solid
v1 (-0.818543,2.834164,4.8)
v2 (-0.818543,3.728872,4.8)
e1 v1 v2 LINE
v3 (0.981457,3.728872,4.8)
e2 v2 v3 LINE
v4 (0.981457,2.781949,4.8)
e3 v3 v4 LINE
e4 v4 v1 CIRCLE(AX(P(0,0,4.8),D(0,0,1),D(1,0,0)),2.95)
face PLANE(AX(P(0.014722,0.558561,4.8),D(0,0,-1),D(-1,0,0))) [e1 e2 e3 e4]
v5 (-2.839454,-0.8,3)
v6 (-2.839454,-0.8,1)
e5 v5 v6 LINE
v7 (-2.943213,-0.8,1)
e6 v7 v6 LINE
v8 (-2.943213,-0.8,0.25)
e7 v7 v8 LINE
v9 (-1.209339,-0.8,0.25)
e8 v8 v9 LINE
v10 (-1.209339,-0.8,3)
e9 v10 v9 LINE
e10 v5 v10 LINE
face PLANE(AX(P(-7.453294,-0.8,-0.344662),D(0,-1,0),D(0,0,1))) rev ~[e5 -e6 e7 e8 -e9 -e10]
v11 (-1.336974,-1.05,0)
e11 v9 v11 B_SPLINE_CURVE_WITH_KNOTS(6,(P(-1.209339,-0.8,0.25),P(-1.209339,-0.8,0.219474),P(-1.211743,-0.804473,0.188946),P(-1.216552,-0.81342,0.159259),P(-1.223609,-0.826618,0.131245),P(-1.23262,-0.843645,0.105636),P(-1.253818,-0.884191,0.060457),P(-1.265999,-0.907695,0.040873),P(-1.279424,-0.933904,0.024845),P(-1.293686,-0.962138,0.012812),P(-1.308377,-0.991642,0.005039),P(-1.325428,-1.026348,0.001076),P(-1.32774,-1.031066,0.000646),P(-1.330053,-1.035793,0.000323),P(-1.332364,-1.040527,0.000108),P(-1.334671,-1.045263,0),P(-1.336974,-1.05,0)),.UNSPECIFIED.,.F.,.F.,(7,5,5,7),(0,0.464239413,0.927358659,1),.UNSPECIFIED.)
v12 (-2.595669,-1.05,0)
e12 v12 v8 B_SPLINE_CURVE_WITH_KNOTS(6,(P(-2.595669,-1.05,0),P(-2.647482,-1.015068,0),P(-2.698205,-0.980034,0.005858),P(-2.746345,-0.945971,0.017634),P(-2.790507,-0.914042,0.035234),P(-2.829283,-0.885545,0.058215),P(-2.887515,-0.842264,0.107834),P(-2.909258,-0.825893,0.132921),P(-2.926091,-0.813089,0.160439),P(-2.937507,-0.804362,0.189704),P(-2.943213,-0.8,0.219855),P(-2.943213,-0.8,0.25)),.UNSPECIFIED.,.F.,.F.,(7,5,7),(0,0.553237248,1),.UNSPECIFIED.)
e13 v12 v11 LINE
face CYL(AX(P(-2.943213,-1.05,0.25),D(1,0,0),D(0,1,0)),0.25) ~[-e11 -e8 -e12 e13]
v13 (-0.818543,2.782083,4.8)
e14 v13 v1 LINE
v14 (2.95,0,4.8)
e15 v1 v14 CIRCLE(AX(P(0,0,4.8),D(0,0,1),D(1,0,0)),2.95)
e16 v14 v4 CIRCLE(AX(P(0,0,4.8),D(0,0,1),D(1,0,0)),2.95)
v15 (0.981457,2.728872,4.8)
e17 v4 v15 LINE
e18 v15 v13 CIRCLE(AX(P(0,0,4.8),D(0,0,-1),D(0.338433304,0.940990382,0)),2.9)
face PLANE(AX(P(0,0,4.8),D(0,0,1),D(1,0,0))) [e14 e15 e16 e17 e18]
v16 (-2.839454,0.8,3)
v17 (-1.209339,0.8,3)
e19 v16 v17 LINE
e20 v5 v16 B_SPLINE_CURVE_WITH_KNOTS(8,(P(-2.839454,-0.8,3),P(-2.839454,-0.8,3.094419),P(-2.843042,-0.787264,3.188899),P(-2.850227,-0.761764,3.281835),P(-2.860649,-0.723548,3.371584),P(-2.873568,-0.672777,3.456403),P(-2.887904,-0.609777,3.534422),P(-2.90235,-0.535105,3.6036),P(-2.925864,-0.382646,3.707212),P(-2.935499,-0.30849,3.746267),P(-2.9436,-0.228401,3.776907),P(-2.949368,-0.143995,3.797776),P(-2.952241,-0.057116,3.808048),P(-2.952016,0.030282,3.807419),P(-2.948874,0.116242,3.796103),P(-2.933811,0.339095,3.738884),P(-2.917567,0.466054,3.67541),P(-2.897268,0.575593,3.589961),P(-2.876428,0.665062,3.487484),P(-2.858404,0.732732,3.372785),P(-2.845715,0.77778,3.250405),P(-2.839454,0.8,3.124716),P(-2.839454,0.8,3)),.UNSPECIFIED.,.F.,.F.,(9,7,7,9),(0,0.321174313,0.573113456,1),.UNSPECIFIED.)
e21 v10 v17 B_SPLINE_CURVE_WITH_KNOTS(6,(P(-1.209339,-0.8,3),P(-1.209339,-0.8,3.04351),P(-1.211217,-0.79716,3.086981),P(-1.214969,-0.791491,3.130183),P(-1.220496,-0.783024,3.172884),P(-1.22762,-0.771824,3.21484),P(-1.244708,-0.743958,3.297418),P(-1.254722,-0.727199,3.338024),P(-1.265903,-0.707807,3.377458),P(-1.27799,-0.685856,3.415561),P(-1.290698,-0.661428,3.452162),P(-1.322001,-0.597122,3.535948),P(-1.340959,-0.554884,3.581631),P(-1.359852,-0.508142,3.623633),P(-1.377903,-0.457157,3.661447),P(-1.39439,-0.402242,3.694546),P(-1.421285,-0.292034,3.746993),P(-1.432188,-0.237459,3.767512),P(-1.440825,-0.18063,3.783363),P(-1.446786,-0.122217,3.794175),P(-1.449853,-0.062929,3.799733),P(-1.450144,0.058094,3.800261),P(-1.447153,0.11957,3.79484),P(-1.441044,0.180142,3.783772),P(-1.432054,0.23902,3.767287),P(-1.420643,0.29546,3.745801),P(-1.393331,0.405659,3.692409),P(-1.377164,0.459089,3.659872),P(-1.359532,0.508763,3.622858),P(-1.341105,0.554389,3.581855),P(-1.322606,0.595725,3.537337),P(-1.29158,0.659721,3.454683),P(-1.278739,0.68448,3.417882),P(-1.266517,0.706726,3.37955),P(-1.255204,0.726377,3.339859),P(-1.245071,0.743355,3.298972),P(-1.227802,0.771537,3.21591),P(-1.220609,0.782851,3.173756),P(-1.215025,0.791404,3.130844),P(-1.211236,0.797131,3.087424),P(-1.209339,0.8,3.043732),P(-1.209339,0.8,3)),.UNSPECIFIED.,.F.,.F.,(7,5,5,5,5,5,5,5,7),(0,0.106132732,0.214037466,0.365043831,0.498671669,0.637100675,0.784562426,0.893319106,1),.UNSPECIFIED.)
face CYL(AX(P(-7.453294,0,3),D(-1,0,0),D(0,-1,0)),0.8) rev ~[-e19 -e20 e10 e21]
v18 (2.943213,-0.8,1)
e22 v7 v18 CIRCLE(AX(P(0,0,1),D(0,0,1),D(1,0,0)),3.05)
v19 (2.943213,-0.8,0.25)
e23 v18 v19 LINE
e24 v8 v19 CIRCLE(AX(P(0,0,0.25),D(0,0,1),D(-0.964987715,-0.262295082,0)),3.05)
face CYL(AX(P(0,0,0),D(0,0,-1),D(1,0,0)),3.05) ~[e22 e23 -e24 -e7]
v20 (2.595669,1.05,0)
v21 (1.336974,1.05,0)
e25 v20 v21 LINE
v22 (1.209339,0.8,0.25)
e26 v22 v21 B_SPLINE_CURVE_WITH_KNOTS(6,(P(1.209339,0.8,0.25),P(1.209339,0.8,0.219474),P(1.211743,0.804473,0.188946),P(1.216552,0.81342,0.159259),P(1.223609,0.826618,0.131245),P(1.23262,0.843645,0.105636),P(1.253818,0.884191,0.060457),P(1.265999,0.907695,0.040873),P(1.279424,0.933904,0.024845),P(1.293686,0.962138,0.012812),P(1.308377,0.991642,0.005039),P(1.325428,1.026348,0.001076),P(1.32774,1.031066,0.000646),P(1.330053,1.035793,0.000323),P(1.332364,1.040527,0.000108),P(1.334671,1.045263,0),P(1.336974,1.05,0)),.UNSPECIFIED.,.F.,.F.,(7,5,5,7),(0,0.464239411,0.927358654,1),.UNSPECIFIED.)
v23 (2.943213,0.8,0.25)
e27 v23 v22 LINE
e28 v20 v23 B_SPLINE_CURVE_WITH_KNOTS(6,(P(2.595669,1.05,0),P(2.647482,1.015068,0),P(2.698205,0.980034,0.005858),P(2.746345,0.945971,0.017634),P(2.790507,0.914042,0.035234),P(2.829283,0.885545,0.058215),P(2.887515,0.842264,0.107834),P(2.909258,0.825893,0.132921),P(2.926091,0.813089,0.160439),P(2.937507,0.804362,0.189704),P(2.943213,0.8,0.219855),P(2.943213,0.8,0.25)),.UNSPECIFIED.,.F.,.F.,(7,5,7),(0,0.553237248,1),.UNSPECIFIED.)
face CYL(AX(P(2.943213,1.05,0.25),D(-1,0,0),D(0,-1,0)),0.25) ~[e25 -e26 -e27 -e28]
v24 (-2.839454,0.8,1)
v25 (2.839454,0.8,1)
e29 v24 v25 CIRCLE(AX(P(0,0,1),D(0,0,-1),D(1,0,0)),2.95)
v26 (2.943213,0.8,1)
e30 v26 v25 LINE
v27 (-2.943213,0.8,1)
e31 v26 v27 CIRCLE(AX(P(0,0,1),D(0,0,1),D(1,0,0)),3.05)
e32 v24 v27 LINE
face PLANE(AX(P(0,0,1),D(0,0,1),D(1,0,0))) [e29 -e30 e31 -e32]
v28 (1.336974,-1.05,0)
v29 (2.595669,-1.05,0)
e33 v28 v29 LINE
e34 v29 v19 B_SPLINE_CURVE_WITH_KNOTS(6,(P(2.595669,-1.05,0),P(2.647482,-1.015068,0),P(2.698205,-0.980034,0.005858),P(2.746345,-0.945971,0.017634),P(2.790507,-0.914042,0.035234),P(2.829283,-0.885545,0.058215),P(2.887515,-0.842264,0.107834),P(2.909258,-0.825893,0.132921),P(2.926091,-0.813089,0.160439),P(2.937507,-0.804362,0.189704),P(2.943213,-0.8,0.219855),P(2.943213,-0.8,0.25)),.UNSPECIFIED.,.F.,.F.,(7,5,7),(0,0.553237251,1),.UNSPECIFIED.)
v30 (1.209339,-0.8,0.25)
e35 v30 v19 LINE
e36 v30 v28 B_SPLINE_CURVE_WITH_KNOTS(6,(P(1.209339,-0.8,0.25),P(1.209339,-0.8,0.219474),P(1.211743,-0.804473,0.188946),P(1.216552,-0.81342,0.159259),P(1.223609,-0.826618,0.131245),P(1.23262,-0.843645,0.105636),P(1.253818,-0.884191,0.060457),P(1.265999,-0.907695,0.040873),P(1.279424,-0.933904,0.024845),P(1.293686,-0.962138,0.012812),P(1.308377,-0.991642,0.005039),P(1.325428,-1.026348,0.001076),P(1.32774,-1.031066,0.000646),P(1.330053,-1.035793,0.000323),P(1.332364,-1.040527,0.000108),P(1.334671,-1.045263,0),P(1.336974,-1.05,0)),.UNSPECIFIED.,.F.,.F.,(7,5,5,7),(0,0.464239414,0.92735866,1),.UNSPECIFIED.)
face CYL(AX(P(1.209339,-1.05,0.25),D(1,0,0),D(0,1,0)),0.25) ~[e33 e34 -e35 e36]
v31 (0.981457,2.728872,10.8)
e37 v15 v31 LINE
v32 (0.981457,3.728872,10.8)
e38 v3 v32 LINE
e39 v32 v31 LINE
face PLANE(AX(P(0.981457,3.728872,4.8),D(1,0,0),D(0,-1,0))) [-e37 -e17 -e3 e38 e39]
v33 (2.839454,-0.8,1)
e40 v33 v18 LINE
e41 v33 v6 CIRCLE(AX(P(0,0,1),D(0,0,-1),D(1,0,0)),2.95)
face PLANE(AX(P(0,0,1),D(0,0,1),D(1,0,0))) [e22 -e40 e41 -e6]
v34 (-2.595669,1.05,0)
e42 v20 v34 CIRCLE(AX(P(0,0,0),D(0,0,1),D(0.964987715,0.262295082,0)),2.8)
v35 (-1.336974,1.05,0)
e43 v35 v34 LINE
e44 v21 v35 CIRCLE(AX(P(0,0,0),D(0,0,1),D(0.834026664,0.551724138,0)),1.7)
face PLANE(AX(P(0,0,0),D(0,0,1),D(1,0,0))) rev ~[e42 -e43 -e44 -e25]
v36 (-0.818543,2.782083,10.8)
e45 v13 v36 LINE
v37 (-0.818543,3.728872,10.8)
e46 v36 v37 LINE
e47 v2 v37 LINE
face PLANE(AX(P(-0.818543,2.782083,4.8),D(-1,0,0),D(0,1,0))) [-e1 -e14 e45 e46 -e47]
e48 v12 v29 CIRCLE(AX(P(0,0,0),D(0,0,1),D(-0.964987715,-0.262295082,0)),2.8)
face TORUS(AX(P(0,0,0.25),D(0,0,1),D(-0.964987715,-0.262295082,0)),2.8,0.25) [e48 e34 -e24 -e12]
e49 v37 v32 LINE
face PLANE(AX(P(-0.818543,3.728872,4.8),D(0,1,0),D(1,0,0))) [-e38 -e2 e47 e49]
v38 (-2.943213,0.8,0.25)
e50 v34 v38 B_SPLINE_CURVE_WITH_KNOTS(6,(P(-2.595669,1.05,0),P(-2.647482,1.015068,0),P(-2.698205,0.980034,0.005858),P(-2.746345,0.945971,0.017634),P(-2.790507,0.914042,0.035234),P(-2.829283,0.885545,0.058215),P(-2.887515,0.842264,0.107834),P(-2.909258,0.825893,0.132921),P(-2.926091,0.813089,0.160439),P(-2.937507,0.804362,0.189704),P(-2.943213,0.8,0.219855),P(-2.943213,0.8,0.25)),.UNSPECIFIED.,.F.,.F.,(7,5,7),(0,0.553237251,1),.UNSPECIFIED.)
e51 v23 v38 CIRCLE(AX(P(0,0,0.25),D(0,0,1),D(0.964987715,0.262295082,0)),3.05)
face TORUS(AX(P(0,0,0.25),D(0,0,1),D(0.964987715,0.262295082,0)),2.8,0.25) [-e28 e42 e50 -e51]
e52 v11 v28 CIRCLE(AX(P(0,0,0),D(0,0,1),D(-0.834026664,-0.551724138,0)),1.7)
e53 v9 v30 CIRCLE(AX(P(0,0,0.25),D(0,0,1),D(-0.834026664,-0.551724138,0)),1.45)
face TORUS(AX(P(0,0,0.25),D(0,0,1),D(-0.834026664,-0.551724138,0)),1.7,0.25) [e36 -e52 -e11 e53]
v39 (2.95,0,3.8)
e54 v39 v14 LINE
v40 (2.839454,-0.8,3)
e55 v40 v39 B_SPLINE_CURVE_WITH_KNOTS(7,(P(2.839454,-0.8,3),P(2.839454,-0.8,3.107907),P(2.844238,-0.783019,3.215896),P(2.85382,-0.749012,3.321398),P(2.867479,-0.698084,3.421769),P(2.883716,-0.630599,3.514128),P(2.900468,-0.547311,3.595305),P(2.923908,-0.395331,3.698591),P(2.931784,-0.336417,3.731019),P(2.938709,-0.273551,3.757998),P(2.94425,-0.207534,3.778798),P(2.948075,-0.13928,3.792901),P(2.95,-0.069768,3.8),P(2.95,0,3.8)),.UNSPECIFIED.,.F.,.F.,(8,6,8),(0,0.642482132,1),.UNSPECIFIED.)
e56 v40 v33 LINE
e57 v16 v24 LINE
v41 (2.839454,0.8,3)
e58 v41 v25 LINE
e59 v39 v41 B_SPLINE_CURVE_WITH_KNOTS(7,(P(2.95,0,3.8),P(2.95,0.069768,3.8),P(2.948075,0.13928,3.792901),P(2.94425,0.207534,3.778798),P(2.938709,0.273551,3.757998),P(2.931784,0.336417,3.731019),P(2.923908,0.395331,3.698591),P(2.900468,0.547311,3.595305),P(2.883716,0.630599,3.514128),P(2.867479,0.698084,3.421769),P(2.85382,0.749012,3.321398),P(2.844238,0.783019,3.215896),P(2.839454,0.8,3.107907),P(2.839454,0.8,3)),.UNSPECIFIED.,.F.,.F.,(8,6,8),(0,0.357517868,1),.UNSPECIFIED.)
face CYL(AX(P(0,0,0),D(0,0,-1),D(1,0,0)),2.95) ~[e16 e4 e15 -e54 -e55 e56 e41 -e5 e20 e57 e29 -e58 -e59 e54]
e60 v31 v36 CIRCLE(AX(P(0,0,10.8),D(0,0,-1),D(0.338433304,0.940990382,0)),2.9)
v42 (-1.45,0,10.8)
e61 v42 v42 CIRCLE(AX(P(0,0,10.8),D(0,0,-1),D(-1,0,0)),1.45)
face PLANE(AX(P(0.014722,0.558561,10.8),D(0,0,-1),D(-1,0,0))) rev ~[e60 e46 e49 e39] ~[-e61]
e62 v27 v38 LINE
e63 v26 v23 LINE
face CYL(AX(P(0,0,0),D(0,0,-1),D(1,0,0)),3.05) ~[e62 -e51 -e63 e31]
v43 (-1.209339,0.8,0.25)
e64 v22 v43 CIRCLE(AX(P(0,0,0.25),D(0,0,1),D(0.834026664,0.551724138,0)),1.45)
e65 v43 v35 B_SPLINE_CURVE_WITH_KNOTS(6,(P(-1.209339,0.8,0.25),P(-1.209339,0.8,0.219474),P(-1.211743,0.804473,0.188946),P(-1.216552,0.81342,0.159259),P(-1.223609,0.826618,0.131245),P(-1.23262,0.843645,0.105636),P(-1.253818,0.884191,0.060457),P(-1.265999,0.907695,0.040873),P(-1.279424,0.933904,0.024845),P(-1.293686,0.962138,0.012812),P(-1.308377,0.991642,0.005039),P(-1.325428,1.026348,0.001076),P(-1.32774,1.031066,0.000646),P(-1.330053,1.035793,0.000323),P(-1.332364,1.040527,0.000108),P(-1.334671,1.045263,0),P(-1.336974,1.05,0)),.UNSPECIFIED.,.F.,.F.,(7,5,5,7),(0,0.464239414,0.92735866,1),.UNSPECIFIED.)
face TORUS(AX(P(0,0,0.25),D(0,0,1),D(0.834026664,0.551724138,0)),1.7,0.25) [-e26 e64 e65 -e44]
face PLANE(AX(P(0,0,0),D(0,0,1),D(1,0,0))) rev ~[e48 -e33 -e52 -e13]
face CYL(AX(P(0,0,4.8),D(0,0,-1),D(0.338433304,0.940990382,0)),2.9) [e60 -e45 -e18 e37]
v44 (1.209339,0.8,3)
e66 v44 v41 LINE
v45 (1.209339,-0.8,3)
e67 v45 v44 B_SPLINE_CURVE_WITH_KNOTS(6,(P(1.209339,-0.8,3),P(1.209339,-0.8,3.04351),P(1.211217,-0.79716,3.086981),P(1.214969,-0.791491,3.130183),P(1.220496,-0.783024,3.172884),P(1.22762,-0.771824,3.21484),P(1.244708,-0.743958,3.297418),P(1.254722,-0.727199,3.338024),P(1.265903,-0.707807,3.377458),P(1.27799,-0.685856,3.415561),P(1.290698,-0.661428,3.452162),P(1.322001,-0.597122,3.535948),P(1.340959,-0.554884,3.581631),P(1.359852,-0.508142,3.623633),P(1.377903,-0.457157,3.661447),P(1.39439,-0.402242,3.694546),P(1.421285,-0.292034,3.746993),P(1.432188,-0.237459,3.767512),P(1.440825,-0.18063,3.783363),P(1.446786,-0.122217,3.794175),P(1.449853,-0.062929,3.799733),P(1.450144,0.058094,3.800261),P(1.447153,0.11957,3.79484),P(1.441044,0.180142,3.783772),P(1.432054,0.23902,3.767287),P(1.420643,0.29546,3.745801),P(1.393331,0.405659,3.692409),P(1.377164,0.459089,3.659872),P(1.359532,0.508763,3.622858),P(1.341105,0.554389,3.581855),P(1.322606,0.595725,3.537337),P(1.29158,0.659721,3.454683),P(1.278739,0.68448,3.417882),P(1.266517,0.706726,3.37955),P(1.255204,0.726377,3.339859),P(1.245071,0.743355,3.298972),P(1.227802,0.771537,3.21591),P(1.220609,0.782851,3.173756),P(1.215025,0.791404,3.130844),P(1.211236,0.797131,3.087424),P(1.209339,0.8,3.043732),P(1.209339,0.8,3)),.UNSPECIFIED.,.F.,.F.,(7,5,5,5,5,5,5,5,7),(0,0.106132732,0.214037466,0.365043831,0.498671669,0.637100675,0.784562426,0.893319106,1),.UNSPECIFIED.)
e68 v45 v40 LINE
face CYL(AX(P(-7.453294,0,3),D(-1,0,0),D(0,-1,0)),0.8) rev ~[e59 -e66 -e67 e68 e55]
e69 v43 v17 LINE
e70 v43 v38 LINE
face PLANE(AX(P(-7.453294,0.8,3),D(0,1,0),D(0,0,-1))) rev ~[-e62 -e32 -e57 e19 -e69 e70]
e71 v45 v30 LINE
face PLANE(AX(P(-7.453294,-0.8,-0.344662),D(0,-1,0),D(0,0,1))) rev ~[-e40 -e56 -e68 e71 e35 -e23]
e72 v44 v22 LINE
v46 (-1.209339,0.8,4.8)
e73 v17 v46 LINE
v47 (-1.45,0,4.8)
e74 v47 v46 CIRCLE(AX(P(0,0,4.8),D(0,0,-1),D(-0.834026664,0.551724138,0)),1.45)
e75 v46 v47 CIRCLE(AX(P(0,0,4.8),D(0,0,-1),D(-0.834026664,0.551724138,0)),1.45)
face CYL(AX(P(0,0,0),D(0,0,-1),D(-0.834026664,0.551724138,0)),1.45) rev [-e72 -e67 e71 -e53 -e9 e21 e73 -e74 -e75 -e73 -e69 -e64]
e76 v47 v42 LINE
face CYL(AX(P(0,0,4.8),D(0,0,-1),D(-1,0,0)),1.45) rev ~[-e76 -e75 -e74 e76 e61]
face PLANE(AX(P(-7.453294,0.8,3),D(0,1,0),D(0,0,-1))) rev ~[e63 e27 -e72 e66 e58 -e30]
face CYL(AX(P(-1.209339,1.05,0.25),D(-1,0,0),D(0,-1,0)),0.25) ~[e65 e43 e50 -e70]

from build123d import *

# Parameters (mm, degrees)
SKETCH1_R               = 2.95
BOSS_EXTRUDE1_DEPTH     = 4.8
SKETCH10_R              = 3.05
BOSS_EXTRUDE2_DEPTH     = 1
CUT_EXTRUDE2_DEPTH      = 7.453293733
CUT_EXTRUDE2_DEPTH_BACK = 7.453293733
SKETCH1_4_R             = 1.45
CUT_EXTRUDE1_DEPTH      = 9
BOSS_EXTRUDE3_DEPTH     = 6
SKETCH12_R              = 1.45
CUT_EXTRUDE3_DEPTH      = 8.655520086
FILLET2_R               = 0.25


with BuildPart() as part:
    # Sketch1 → Boss-Extrude1 (new body)
    with BuildSketch(Plane(origin=(0, 0, 0), x_dir=(0, 1, 0), z_dir=(0, 0, 1))):
        with Locations(Location((0, 0, 0), (0, 0, 270))):
            Circle(SKETCH1_R)
    extrude(amount=BOSS_EXTRUDE1_DEPTH)

    # Sketch10 → Boss-Extrude2 (add)
    with BuildSketch(Plane(origin=(0, 0, 0), x_dir=(0, 1, 0), z_dir=(0, 0, 1))):
        with Locations(Location((0, 0, 0), (0, 0, 270))):
            Circle(SKETCH10_R)
    extrude(amount=BOSS_EXTRUDE2_DEPTH)

    # Sketch3 → Cut-Extrude2 (cut, two sides: drawn at the far end of the back side and taken through both)
    with BuildSketch(Plane.YZ.offset(-CUT_EXTRUDE2_DEPTH_BACK)):
        with BuildLine():
            Line((-0.8, -0.344662329), (-0.8, 3))
            ThreePointArc((-0.8, 3), (0, 3.8), (0.8, 3))
            Line((0.8, 3), (0.8, -0.344662329))
            ThreePointArc((0.8, -0.344662329), (0, -1.144662329), (-0.8, -0.344662329))
        make_face()
    extrude(amount=CUT_EXTRUDE2_DEPTH + CUT_EXTRUDE2_DEPTH_BACK, mode=Mode.SUBTRACT)

    # Sketch1<4> → Cut-Extrude1 (cut)
    with BuildSketch(Plane(origin=(0, 0, 0), x_dir=(0, 1, 0), z_dir=(0, 0, 1))):
        with Locations(Location((0, 0, 0), (0, 0, 56.514623377))):
            Circle(SKETCH1_4_R)
    extrude(amount=CUT_EXTRUDE1_DEPTH, mode=Mode.SUBTRACT)

    # Sketch11 → Boss-Extrude3 (add)
    with BuildSketch(Plane.XY.offset(4.8)):
        with BuildLine():
            Line((-0.818543418, 3.728872107), (0.981456582, 3.728872107))
            Line((0.981456582, 3.728872107), (0.981456582, 2.728872107))
            ThreePointArc((0.981456582, 2.728872107), (-0.085691473, -2.898733684), (-0.818543418, 2.782083153))
            Line((-0.818543418, 2.782083153), (-0.818543418, 3.728872107))
        make_face()
    extrude(amount=BOSS_EXTRUDE3_DEPTH)

    # Sketch12 → Cut-Extrude3 (cut, through all)
    with BuildSketch(Plane(origin=(0, 0, 4.8), x_dir=(1, 0, 0), z_dir=(0, 0, -1))):
        with Locations(Location((0, 0, 0), (0, 0, 180))):
            Circle(SKETCH12_R)
    extrude(amount=-CUT_EXTRUDE3_DEPTH, mode=Mode.SUBTRACT)

    # Fillet2
    fillet2_edges = [part.edges().sort_by_distance(p)[0] for p in [
        (0, 3.05, 0),
        (0, -3.05, 0),
        (2.076275596, 0.8, 0),
        (-2.076275596, -0.8, 0),
        (-2.076275596, 0.8, 0),
        (2.076275596, -0.8, 0),
        (0, 1.45, 0),
        (0, -1.45, 0),
    ]]
    fillet(fillet2_edges, radius=FILLET2_R)


solid = part.part
